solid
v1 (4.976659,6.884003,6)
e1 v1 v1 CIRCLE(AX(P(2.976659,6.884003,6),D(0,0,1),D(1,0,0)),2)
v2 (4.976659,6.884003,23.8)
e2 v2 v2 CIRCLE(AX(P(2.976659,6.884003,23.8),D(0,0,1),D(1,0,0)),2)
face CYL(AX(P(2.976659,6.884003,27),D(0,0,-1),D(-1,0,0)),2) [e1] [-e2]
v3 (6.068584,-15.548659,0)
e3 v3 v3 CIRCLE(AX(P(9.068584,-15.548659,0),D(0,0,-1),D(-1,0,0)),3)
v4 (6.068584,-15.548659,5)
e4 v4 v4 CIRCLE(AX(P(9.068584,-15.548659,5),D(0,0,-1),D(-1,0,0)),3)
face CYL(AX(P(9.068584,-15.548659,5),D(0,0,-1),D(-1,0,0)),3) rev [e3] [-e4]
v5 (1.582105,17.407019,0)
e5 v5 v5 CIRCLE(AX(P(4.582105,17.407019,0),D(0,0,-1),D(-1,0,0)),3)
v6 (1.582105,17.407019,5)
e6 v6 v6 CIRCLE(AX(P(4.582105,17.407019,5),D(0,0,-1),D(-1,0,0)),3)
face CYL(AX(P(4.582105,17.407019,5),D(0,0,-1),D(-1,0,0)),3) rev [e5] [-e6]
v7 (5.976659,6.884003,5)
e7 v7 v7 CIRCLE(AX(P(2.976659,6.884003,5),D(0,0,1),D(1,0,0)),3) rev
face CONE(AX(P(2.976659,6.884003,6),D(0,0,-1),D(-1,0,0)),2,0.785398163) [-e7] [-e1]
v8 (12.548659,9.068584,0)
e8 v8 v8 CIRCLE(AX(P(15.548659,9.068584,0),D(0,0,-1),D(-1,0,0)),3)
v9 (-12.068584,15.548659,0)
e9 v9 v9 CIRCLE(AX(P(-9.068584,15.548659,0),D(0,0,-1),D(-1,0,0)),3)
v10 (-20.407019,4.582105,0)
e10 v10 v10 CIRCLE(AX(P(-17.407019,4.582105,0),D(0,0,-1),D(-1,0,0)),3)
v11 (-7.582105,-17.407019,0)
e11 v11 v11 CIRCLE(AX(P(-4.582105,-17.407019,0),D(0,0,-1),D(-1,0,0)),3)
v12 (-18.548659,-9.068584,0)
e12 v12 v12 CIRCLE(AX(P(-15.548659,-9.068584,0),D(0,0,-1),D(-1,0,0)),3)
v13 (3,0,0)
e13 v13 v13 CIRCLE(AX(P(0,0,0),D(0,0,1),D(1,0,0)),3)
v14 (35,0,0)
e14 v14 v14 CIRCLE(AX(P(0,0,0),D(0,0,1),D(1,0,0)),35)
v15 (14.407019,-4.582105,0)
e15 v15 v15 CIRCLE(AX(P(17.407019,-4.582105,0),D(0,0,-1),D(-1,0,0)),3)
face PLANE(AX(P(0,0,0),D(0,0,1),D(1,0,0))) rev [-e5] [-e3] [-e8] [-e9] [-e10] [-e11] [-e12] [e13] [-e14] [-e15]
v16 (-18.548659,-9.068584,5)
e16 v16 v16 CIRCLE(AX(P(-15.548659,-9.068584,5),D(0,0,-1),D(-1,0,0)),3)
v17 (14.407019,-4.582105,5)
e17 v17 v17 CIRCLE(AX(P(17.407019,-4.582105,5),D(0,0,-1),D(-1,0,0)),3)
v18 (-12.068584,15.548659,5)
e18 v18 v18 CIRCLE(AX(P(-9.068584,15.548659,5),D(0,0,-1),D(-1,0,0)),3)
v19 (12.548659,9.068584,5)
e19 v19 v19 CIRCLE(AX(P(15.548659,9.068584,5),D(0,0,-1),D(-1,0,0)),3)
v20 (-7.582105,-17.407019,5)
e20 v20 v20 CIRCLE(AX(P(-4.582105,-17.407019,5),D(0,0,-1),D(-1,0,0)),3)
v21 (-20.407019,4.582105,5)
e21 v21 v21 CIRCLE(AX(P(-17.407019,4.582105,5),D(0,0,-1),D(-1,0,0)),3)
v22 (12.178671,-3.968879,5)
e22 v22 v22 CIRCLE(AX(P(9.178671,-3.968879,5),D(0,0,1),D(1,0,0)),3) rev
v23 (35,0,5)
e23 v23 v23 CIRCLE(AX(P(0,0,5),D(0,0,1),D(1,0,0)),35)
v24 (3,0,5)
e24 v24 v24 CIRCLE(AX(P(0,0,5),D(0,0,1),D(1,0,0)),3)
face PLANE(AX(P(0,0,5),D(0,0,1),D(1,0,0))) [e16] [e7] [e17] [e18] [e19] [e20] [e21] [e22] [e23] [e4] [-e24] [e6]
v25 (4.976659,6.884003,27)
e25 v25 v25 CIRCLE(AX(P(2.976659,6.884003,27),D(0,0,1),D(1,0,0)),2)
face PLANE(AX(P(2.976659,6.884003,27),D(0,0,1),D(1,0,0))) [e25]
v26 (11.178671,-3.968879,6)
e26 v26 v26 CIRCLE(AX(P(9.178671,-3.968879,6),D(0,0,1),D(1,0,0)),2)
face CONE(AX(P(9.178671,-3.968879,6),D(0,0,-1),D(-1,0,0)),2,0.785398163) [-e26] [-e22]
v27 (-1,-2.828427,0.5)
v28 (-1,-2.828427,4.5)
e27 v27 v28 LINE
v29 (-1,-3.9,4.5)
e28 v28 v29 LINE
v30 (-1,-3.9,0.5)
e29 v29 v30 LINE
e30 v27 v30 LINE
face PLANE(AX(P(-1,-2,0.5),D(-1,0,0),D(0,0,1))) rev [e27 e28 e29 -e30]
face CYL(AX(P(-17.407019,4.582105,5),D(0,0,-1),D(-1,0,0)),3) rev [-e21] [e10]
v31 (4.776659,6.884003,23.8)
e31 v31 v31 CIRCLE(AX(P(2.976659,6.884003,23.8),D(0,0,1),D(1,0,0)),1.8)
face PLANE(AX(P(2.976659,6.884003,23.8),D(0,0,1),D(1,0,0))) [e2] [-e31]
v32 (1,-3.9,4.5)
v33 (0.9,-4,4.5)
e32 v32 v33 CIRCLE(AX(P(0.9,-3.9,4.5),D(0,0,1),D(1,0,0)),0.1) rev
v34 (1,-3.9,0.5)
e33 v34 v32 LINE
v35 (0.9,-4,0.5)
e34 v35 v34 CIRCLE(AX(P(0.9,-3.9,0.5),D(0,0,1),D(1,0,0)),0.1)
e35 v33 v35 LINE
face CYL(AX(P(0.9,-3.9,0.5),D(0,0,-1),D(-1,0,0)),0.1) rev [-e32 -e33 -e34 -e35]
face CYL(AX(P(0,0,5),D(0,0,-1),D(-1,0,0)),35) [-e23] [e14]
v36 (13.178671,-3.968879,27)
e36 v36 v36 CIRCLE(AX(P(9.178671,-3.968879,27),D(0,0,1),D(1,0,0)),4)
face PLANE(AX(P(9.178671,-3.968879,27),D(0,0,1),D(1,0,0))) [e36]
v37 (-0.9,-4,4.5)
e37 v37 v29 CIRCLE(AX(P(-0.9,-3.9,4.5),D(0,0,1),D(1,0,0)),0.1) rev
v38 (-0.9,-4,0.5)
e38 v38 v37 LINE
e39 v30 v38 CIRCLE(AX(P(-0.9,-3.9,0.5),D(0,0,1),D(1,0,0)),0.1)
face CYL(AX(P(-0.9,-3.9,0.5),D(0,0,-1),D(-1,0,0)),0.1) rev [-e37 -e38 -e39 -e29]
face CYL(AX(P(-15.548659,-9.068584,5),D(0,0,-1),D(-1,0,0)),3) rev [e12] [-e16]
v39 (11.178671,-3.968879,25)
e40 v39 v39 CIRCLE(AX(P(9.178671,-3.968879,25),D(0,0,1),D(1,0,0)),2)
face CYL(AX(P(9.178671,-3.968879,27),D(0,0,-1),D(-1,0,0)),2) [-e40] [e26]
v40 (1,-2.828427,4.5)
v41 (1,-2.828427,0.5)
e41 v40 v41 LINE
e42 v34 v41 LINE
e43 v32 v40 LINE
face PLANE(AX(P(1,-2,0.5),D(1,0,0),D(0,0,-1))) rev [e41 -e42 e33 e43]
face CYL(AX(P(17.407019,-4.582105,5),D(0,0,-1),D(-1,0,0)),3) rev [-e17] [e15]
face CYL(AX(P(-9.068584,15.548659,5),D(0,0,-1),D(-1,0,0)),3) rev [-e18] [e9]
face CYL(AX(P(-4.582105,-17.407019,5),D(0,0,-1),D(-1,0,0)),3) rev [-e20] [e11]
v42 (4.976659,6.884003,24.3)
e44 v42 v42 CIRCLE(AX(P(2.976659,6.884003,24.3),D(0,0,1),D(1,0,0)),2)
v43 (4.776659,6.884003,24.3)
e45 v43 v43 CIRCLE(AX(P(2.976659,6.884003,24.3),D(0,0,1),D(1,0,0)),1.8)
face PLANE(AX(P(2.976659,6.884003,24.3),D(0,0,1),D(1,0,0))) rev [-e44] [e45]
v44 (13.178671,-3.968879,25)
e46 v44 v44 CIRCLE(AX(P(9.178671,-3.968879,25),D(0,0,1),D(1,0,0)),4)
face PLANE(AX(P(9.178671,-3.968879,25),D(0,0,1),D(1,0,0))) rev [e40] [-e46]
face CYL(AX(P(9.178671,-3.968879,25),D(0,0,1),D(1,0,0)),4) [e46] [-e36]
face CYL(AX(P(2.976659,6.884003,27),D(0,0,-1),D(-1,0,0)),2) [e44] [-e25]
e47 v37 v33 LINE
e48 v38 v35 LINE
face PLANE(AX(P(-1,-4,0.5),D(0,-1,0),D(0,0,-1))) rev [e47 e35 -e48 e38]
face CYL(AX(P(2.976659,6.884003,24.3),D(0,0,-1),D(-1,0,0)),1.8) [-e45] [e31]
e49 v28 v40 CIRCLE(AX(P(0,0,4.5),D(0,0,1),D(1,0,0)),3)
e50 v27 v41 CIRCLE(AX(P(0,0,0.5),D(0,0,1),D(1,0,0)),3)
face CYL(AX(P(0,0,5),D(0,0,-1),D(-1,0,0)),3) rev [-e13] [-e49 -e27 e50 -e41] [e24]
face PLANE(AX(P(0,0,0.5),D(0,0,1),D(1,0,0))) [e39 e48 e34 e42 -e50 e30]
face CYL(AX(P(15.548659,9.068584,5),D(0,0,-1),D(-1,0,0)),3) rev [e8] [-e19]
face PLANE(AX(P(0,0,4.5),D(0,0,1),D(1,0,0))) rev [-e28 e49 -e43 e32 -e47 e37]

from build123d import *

# Parameters (mm, degrees)
SKETCH_1_R          = 35
SKETCH_1_R_2        = 3
EXTRUDE_1_DEPTH     = 5
SKETCH_3_R          = 3
CUT_EXTRUDE_2_DEPTH = 50.749371855
SKETCH_4_R          = 2
EXTRUDE_2_DEPTH     = 22
CUT_EXTRUDE_START   = -3.2
SKETCH_6_R          = 2
SKETCH_6_R_2        = 1.8
CUT_EXTRUDE_3_DEPTH = 0.5
SKETCH_7_R          = 4
EXTRUDE_3_DEPTH     = 2
CHAMFER_1_SIZE      = 1
CUT_EXTRUDE_START_2 = -0.5
SKETCH_9_W          = 2
SKETCH_9_H          = 2
CUT_EXTRUDE_5_DEPTH = 4
FILLET_1_R          = 0.1


with BuildPart() as part:
    # Sketch 1 → Extrude 1 (new body)
    with BuildSketch(Plane.XY):
        Circle(SKETCH_1_R)
        Circle(SKETCH_1_R_2, mode=Mode.SUBTRACT)
    extrude(amount=EXTRUDE_1_DEPTH)

    # Sketch 3 → Cut-Extrude 2 (cut, through all)
    with BuildSketch(Plane(origin=(0, 0, 0), x_dir=(-1, 0, 0), z_dir=(0, 0, -1))):
        with Locations((-4.582105158, 17.407019053)):
            Circle(SKETCH_3_R)
        with Locations((9.068583583, 15.548658842)):
            Circle(SKETCH_3_R)
        with Locations((17.407019053, 4.582105158)):
            Circle(SKETCH_3_R)
        with Locations((15.548658842, -9.068583583)):
            Circle(SKETCH_3_R)
        with Locations((4.582105158, -17.407019053)):
            Circle(SKETCH_3_R)
        with Locations((-9.068583583, -15.548658842)):
            Circle(SKETCH_3_R)
        with Locations((-17.407019053, -4.582105158)):
            Circle(SKETCH_3_R)
        with Locations((-15.548658842, 9.068583583)):
            Circle(SKETCH_3_R)
    extrude(amount=-CUT_EXTRUDE_2_DEPTH, mode=Mode.SUBTRACT)

    # Sketch 4 → Extrude 2 (add)
    with BuildSketch(Plane.XY.offset(5)):
        with Locations((2.976659474, 6.884003078)):
            Circle(SKETCH_4_R)
        with Locations((9.178670771, -3.968879298)):
            Circle(SKETCH_4_R)
    extrude(amount=EXTRUDE_2_DEPTH)

    # Sketch 6 → Cut-Extrude 3 (cut)
    with BuildSketch(Plane.XY.offset(27).offset(CUT_EXTRUDE_START)):
        with Locations((2.976659474, 6.884003078)):
            Circle(SKETCH_6_R)
        with Locations((2.976659474, 6.884003078)):
            Circle(SKETCH_6_R_2, mode=Mode.SUBTRACT)
    extrude(amount=CUT_EXTRUDE_3_DEPTH, mode=Mode.SUBTRACT)

    # Sketch 7 → Extrude 3 (add)
    with BuildSketch(Plane.XY.offset(27)):
        with Locations((9.178670771, -3.968879298)):
            Circle(SKETCH_7_R)
    extrude(amount=-EXTRUDE_3_DEPTH)

    # Chamfer 1
    chamfer_1_edges = [part.edges().sort_by_distance(p)[0] for p in [
        (0.976659474, 6.884003078, 5),
        (7.178670771, -3.968879298, 5),
    ]]
    chamfer(chamfer_1_edges, length=CHAMFER_1_SIZE)

    # Sketch 9 → Cut-Extrude 5 (cut)
    with BuildSketch(Plane.XY.offset(5).offset(CUT_EXTRUDE_START_2)):
        with Locations((0, -3)):
            Rectangle(SKETCH_9_W, SKETCH_9_H)
    extrude(amount=-CUT_EXTRUDE_5_DEPTH, mode=Mode.SUBTRACT)

    # Fillet 1
    fillet_1_edges = [part.edges().sort_by_distance(p)[0] for p in [
        (1, -4, 2.5),
        (-1, -4, 2.5),
    ]]
    fillet(fillet_1_edges, radius=FILLET_1_R)


solid = part.part
